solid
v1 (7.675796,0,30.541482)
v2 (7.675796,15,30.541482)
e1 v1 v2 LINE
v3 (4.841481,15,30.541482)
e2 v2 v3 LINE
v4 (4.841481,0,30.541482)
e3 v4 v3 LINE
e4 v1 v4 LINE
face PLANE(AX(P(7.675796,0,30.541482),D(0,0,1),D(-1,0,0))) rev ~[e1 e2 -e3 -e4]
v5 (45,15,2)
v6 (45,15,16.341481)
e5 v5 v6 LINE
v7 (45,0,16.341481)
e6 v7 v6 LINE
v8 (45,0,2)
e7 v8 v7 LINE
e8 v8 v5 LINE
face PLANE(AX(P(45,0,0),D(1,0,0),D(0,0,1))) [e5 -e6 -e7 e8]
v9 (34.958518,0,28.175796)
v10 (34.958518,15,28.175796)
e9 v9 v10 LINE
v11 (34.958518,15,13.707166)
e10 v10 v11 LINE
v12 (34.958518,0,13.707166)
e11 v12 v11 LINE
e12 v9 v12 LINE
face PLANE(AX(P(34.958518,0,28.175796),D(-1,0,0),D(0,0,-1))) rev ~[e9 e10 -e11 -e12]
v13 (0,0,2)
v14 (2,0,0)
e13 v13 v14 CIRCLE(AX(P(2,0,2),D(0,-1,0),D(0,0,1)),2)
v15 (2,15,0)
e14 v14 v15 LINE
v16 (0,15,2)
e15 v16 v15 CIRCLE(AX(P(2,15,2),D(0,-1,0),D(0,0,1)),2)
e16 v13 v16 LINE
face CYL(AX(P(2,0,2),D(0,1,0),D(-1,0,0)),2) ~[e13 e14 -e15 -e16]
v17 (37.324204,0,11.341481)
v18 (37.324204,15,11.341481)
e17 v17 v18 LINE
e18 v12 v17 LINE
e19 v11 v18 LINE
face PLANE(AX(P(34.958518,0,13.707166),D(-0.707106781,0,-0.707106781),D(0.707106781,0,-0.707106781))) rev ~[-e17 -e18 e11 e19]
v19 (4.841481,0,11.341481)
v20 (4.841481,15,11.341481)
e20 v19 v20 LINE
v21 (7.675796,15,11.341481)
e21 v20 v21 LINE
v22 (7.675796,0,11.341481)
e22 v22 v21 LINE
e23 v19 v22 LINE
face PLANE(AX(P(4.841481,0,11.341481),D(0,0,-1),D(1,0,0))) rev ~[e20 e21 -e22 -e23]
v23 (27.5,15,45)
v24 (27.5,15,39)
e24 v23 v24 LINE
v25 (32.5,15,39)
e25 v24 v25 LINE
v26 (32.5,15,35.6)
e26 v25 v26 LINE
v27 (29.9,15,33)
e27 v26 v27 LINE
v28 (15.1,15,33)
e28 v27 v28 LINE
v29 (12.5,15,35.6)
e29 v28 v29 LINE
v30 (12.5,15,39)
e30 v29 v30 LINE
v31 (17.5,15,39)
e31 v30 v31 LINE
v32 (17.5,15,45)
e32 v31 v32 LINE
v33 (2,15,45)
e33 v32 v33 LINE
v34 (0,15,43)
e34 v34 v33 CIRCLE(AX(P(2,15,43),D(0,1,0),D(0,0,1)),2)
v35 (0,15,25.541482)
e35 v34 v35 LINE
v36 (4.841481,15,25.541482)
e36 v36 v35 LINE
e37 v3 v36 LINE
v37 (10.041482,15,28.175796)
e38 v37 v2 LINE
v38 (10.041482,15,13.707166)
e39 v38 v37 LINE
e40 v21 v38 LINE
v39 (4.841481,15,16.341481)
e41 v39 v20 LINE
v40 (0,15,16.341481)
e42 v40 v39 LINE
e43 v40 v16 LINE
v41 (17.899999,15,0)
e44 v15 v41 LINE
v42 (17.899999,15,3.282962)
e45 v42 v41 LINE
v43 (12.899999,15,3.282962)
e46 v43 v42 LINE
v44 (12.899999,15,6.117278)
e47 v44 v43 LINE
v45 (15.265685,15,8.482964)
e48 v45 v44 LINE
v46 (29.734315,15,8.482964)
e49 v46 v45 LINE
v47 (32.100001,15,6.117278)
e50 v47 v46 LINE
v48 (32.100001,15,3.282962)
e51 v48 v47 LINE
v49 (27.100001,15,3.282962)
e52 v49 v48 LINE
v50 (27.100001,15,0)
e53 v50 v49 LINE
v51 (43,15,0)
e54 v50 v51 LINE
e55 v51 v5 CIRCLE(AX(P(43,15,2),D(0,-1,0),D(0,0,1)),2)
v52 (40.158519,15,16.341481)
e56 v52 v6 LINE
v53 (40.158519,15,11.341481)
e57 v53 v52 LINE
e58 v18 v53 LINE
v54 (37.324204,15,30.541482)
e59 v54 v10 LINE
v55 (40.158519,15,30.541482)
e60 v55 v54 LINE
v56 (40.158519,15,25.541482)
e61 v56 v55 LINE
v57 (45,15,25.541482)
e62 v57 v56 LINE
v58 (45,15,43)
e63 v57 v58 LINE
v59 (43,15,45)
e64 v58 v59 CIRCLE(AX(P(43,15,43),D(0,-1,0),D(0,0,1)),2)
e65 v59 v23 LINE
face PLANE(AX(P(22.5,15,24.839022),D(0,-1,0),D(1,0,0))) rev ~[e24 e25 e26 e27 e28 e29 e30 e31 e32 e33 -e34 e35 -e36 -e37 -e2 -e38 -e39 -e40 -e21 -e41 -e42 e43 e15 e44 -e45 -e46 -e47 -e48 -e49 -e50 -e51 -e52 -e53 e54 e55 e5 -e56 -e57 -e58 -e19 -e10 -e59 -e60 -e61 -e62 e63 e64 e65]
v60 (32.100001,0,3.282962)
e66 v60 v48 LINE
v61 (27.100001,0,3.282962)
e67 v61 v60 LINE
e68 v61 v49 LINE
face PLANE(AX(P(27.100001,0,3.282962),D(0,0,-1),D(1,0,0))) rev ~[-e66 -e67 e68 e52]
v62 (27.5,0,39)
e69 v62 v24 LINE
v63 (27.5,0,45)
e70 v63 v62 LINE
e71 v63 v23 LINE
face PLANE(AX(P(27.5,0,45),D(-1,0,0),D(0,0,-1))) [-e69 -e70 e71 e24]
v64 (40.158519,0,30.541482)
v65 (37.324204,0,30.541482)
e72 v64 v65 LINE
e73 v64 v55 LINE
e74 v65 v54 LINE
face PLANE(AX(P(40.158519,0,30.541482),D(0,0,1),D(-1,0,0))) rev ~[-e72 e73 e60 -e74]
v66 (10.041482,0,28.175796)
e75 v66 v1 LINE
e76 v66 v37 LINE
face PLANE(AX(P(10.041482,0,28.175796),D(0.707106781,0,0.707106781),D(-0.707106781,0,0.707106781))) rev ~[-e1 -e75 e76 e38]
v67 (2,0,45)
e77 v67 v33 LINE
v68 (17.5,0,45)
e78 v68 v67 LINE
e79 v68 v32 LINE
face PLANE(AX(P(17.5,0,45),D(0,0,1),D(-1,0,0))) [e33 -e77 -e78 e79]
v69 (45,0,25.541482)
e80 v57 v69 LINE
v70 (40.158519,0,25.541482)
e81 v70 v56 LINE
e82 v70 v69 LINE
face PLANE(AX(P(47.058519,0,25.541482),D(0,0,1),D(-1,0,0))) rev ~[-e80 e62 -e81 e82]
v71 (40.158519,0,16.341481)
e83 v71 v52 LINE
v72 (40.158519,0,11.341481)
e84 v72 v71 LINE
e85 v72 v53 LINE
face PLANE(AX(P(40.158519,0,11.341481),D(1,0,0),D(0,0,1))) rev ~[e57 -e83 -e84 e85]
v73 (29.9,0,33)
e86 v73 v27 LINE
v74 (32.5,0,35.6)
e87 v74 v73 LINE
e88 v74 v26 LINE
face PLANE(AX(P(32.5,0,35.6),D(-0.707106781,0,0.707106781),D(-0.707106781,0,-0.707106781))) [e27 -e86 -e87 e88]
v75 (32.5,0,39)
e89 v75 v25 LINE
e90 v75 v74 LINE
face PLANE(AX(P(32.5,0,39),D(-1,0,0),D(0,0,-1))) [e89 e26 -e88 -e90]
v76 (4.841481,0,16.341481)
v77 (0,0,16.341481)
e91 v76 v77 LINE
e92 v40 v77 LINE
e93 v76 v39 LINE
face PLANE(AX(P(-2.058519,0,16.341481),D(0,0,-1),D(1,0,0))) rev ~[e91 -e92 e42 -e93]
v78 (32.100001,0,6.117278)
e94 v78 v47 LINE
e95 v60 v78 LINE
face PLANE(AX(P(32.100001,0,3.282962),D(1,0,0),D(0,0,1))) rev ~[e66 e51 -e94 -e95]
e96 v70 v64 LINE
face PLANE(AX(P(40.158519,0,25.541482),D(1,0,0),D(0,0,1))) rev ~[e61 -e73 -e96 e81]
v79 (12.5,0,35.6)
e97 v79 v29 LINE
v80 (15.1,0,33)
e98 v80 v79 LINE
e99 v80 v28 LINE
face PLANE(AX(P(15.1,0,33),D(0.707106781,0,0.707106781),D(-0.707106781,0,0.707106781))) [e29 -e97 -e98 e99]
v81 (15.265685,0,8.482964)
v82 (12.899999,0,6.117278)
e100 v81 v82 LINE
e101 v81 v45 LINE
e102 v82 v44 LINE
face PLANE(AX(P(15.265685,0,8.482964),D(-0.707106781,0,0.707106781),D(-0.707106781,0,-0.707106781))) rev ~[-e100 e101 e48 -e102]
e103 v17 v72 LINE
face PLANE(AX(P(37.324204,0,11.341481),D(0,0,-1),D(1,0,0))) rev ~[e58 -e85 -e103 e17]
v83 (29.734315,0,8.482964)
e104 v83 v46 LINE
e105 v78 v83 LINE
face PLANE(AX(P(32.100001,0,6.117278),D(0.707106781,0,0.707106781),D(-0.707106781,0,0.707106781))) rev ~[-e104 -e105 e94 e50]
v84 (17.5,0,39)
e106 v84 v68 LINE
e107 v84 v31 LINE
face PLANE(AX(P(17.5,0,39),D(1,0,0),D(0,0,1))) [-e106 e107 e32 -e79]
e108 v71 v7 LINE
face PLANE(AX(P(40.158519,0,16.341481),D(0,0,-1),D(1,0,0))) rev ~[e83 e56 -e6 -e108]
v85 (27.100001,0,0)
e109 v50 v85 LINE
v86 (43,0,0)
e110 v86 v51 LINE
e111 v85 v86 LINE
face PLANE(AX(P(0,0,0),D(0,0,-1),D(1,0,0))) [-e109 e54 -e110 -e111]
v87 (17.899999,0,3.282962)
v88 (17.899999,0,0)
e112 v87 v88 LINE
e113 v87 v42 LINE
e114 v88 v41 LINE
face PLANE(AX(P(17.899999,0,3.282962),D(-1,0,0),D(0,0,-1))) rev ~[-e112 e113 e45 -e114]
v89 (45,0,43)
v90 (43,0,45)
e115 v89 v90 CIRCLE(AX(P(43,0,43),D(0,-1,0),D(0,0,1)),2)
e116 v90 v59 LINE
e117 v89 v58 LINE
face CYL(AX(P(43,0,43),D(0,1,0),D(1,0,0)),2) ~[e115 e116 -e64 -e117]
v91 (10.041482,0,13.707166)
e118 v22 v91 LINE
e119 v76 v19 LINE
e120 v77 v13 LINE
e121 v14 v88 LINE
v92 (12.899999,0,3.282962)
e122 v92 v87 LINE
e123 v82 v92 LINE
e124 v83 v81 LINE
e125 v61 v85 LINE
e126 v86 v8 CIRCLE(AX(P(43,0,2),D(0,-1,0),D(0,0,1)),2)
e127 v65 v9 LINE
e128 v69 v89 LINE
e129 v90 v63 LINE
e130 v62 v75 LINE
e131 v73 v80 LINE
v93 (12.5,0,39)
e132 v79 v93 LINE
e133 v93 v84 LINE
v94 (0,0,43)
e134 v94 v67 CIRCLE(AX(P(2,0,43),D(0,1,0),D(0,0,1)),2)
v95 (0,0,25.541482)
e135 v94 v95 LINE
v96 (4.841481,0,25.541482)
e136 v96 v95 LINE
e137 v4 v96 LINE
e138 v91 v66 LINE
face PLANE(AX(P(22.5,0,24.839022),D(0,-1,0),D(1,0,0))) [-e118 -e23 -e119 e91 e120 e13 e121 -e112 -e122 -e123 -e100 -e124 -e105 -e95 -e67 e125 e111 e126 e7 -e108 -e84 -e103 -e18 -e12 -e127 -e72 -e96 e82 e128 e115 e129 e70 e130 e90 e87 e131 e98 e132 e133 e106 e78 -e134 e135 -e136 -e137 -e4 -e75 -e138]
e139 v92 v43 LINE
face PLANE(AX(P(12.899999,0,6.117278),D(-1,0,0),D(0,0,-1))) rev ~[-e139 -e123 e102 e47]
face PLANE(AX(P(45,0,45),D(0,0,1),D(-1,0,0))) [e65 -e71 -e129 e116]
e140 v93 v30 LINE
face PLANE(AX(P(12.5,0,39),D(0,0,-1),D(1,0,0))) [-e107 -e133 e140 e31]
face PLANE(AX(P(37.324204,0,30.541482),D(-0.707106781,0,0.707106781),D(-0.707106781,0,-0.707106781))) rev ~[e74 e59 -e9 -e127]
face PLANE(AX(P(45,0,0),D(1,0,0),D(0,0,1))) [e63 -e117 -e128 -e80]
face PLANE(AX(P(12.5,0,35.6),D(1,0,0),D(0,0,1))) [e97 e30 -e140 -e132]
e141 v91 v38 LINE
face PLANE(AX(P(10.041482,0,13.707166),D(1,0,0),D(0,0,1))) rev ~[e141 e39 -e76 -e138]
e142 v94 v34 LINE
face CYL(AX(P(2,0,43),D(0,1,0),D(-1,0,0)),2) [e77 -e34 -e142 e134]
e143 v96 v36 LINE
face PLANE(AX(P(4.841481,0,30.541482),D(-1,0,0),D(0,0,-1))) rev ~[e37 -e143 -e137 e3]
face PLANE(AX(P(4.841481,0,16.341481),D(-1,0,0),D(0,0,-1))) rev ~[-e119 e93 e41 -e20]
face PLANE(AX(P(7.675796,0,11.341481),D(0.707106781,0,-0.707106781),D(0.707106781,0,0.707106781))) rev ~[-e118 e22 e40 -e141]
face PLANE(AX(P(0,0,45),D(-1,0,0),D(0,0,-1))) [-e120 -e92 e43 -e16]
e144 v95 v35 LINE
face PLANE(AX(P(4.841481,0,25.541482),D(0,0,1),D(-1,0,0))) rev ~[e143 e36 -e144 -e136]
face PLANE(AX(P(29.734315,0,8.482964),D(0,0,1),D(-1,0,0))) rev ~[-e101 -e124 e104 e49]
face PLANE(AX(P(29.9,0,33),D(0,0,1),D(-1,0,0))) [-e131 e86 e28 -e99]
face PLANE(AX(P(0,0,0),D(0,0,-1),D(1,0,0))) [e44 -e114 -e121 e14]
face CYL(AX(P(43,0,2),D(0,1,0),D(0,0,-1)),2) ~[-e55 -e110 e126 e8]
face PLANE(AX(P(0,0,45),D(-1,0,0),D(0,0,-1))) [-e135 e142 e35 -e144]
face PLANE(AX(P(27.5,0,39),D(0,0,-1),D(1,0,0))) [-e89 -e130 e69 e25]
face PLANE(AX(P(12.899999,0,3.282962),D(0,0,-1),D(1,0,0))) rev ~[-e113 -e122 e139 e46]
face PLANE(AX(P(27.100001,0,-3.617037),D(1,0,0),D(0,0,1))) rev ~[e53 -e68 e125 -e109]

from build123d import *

# Parameters (mm, degrees)
F1_DEPTH  = 15
F0_W      = 9.2000017166
F0_H      = 6.3999991417
F0_H_2    = 0.5
F0_W_2    = 4.957072109
F0_H_3    = 6
F0_H_4    = 4
F2_DEPTH  = 23
F4_DEPTH  = 52
F6_D      = 5
F7_R      = 2
F10_COUNT = 4


with BuildPart() as f1:
    # F0 (on Front) → F1 (new body)
    with BuildSketch(Plane.XZ):
        Polygon((0, 45), (0, 0), (45, 0), (45, 45), (32.5, 45), (27.5, 45), (27.5, 39), (32.5, 39), (32.5, 35.6), (29.9, 33), (15.1, 33), (12.5, 35.6), (12.5, 39), (17.5, 39), (17.5, 45), (12.5, 45), align=None)
    extrude(amount=-F1_DEPTH)

    # F7
    f7_edges = [f1.edges().sort_by_distance(p)[0] for p in [
        (0, 7.5, 45),
        (45, 7.5, 45),
        (45, 7.5, 0),
        (0, 7.5, 0),
    ]]
    fillet(f7_edges, radius=F7_R)

    # F10: F2 ×4 about axis
    f10_axis = Axis((22.5, -59.5842492698, 20.9414814264), (0, -1, 0))


with BuildPart() as f2:
    # F0 (on Front) → F2 (new body)
    with BuildSketch(Plane.XZ):
        with Locations((22.5, 41.8000004292)):
            Rectangle(F0_W, F0_H)
        Polygon((27.1000008583, 38.6000008583), (17.8999991417, 38.6000008583), (12.8999991417, 38.6000008583), (12.8999991417, 35.7656850694), (15.2656850694, 33.3999991417), (29.7343149306, 33.3999991417), (32.1000008583, 35.7656850694), (32.1000008583, 38.6000008583), align=None)
        with Locations((22.5, 45.25)):
            Rectangle(F0_W, F0_H_2)
        with Locations((29.5785369128, 48.5)):
            Rectangle(F0_W_2, F0_H_3)
        with Locations((22.5, 48.5)):
            Rectangle(F0_W, F0_H_3)
        with Locations((15.4214630872, 48.5)):
            Rectangle(F0_W_2, F0_H_3)
        with Locations((22.5, 53.5)):
            Rectangle(F0_W, F0_H_4)
    extrude(amount=-F2_DEPTH)

    # F0 (on Front) → F4 (join)
    with BuildSketch(Plane.XZ):
        with Locations((22.5, 45.25)):
            Rectangle(F0_W, F0_H_2)
        with Locations((22.5, 48.5)):
            Rectangle(F0_W, F0_H_3)
        with Locations((15.4214630872, 48.5)):
            Rectangle(F0_W_2, F0_H_3)
        with Locations((29.5785369128, 48.5)):
            Rectangle(F0_W_2, F0_H_3)
        with Locations((22.5, 53.5)):
            Rectangle(F0_W, F0_H_4)
    extrude(amount=-F4_DEPTH)

    # F6 (through all)
    with Locations(Plane.XY.offset(55.5)):
        with Locations((22.5, 26)):
            Hole(F6_D / 2)


with BuildPart() as f1_1:
    add(f1.part)
    for i in range(1, F10_COUNT):
        add(f2.part.rotate(f10_axis, i * 360 / F10_COUNT), mode=Mode.SUBTRACT)

    # F10#seed: cut F2
    add(f2.part, mode=Mode.SUBTRACT)


solid = f1_1.part
